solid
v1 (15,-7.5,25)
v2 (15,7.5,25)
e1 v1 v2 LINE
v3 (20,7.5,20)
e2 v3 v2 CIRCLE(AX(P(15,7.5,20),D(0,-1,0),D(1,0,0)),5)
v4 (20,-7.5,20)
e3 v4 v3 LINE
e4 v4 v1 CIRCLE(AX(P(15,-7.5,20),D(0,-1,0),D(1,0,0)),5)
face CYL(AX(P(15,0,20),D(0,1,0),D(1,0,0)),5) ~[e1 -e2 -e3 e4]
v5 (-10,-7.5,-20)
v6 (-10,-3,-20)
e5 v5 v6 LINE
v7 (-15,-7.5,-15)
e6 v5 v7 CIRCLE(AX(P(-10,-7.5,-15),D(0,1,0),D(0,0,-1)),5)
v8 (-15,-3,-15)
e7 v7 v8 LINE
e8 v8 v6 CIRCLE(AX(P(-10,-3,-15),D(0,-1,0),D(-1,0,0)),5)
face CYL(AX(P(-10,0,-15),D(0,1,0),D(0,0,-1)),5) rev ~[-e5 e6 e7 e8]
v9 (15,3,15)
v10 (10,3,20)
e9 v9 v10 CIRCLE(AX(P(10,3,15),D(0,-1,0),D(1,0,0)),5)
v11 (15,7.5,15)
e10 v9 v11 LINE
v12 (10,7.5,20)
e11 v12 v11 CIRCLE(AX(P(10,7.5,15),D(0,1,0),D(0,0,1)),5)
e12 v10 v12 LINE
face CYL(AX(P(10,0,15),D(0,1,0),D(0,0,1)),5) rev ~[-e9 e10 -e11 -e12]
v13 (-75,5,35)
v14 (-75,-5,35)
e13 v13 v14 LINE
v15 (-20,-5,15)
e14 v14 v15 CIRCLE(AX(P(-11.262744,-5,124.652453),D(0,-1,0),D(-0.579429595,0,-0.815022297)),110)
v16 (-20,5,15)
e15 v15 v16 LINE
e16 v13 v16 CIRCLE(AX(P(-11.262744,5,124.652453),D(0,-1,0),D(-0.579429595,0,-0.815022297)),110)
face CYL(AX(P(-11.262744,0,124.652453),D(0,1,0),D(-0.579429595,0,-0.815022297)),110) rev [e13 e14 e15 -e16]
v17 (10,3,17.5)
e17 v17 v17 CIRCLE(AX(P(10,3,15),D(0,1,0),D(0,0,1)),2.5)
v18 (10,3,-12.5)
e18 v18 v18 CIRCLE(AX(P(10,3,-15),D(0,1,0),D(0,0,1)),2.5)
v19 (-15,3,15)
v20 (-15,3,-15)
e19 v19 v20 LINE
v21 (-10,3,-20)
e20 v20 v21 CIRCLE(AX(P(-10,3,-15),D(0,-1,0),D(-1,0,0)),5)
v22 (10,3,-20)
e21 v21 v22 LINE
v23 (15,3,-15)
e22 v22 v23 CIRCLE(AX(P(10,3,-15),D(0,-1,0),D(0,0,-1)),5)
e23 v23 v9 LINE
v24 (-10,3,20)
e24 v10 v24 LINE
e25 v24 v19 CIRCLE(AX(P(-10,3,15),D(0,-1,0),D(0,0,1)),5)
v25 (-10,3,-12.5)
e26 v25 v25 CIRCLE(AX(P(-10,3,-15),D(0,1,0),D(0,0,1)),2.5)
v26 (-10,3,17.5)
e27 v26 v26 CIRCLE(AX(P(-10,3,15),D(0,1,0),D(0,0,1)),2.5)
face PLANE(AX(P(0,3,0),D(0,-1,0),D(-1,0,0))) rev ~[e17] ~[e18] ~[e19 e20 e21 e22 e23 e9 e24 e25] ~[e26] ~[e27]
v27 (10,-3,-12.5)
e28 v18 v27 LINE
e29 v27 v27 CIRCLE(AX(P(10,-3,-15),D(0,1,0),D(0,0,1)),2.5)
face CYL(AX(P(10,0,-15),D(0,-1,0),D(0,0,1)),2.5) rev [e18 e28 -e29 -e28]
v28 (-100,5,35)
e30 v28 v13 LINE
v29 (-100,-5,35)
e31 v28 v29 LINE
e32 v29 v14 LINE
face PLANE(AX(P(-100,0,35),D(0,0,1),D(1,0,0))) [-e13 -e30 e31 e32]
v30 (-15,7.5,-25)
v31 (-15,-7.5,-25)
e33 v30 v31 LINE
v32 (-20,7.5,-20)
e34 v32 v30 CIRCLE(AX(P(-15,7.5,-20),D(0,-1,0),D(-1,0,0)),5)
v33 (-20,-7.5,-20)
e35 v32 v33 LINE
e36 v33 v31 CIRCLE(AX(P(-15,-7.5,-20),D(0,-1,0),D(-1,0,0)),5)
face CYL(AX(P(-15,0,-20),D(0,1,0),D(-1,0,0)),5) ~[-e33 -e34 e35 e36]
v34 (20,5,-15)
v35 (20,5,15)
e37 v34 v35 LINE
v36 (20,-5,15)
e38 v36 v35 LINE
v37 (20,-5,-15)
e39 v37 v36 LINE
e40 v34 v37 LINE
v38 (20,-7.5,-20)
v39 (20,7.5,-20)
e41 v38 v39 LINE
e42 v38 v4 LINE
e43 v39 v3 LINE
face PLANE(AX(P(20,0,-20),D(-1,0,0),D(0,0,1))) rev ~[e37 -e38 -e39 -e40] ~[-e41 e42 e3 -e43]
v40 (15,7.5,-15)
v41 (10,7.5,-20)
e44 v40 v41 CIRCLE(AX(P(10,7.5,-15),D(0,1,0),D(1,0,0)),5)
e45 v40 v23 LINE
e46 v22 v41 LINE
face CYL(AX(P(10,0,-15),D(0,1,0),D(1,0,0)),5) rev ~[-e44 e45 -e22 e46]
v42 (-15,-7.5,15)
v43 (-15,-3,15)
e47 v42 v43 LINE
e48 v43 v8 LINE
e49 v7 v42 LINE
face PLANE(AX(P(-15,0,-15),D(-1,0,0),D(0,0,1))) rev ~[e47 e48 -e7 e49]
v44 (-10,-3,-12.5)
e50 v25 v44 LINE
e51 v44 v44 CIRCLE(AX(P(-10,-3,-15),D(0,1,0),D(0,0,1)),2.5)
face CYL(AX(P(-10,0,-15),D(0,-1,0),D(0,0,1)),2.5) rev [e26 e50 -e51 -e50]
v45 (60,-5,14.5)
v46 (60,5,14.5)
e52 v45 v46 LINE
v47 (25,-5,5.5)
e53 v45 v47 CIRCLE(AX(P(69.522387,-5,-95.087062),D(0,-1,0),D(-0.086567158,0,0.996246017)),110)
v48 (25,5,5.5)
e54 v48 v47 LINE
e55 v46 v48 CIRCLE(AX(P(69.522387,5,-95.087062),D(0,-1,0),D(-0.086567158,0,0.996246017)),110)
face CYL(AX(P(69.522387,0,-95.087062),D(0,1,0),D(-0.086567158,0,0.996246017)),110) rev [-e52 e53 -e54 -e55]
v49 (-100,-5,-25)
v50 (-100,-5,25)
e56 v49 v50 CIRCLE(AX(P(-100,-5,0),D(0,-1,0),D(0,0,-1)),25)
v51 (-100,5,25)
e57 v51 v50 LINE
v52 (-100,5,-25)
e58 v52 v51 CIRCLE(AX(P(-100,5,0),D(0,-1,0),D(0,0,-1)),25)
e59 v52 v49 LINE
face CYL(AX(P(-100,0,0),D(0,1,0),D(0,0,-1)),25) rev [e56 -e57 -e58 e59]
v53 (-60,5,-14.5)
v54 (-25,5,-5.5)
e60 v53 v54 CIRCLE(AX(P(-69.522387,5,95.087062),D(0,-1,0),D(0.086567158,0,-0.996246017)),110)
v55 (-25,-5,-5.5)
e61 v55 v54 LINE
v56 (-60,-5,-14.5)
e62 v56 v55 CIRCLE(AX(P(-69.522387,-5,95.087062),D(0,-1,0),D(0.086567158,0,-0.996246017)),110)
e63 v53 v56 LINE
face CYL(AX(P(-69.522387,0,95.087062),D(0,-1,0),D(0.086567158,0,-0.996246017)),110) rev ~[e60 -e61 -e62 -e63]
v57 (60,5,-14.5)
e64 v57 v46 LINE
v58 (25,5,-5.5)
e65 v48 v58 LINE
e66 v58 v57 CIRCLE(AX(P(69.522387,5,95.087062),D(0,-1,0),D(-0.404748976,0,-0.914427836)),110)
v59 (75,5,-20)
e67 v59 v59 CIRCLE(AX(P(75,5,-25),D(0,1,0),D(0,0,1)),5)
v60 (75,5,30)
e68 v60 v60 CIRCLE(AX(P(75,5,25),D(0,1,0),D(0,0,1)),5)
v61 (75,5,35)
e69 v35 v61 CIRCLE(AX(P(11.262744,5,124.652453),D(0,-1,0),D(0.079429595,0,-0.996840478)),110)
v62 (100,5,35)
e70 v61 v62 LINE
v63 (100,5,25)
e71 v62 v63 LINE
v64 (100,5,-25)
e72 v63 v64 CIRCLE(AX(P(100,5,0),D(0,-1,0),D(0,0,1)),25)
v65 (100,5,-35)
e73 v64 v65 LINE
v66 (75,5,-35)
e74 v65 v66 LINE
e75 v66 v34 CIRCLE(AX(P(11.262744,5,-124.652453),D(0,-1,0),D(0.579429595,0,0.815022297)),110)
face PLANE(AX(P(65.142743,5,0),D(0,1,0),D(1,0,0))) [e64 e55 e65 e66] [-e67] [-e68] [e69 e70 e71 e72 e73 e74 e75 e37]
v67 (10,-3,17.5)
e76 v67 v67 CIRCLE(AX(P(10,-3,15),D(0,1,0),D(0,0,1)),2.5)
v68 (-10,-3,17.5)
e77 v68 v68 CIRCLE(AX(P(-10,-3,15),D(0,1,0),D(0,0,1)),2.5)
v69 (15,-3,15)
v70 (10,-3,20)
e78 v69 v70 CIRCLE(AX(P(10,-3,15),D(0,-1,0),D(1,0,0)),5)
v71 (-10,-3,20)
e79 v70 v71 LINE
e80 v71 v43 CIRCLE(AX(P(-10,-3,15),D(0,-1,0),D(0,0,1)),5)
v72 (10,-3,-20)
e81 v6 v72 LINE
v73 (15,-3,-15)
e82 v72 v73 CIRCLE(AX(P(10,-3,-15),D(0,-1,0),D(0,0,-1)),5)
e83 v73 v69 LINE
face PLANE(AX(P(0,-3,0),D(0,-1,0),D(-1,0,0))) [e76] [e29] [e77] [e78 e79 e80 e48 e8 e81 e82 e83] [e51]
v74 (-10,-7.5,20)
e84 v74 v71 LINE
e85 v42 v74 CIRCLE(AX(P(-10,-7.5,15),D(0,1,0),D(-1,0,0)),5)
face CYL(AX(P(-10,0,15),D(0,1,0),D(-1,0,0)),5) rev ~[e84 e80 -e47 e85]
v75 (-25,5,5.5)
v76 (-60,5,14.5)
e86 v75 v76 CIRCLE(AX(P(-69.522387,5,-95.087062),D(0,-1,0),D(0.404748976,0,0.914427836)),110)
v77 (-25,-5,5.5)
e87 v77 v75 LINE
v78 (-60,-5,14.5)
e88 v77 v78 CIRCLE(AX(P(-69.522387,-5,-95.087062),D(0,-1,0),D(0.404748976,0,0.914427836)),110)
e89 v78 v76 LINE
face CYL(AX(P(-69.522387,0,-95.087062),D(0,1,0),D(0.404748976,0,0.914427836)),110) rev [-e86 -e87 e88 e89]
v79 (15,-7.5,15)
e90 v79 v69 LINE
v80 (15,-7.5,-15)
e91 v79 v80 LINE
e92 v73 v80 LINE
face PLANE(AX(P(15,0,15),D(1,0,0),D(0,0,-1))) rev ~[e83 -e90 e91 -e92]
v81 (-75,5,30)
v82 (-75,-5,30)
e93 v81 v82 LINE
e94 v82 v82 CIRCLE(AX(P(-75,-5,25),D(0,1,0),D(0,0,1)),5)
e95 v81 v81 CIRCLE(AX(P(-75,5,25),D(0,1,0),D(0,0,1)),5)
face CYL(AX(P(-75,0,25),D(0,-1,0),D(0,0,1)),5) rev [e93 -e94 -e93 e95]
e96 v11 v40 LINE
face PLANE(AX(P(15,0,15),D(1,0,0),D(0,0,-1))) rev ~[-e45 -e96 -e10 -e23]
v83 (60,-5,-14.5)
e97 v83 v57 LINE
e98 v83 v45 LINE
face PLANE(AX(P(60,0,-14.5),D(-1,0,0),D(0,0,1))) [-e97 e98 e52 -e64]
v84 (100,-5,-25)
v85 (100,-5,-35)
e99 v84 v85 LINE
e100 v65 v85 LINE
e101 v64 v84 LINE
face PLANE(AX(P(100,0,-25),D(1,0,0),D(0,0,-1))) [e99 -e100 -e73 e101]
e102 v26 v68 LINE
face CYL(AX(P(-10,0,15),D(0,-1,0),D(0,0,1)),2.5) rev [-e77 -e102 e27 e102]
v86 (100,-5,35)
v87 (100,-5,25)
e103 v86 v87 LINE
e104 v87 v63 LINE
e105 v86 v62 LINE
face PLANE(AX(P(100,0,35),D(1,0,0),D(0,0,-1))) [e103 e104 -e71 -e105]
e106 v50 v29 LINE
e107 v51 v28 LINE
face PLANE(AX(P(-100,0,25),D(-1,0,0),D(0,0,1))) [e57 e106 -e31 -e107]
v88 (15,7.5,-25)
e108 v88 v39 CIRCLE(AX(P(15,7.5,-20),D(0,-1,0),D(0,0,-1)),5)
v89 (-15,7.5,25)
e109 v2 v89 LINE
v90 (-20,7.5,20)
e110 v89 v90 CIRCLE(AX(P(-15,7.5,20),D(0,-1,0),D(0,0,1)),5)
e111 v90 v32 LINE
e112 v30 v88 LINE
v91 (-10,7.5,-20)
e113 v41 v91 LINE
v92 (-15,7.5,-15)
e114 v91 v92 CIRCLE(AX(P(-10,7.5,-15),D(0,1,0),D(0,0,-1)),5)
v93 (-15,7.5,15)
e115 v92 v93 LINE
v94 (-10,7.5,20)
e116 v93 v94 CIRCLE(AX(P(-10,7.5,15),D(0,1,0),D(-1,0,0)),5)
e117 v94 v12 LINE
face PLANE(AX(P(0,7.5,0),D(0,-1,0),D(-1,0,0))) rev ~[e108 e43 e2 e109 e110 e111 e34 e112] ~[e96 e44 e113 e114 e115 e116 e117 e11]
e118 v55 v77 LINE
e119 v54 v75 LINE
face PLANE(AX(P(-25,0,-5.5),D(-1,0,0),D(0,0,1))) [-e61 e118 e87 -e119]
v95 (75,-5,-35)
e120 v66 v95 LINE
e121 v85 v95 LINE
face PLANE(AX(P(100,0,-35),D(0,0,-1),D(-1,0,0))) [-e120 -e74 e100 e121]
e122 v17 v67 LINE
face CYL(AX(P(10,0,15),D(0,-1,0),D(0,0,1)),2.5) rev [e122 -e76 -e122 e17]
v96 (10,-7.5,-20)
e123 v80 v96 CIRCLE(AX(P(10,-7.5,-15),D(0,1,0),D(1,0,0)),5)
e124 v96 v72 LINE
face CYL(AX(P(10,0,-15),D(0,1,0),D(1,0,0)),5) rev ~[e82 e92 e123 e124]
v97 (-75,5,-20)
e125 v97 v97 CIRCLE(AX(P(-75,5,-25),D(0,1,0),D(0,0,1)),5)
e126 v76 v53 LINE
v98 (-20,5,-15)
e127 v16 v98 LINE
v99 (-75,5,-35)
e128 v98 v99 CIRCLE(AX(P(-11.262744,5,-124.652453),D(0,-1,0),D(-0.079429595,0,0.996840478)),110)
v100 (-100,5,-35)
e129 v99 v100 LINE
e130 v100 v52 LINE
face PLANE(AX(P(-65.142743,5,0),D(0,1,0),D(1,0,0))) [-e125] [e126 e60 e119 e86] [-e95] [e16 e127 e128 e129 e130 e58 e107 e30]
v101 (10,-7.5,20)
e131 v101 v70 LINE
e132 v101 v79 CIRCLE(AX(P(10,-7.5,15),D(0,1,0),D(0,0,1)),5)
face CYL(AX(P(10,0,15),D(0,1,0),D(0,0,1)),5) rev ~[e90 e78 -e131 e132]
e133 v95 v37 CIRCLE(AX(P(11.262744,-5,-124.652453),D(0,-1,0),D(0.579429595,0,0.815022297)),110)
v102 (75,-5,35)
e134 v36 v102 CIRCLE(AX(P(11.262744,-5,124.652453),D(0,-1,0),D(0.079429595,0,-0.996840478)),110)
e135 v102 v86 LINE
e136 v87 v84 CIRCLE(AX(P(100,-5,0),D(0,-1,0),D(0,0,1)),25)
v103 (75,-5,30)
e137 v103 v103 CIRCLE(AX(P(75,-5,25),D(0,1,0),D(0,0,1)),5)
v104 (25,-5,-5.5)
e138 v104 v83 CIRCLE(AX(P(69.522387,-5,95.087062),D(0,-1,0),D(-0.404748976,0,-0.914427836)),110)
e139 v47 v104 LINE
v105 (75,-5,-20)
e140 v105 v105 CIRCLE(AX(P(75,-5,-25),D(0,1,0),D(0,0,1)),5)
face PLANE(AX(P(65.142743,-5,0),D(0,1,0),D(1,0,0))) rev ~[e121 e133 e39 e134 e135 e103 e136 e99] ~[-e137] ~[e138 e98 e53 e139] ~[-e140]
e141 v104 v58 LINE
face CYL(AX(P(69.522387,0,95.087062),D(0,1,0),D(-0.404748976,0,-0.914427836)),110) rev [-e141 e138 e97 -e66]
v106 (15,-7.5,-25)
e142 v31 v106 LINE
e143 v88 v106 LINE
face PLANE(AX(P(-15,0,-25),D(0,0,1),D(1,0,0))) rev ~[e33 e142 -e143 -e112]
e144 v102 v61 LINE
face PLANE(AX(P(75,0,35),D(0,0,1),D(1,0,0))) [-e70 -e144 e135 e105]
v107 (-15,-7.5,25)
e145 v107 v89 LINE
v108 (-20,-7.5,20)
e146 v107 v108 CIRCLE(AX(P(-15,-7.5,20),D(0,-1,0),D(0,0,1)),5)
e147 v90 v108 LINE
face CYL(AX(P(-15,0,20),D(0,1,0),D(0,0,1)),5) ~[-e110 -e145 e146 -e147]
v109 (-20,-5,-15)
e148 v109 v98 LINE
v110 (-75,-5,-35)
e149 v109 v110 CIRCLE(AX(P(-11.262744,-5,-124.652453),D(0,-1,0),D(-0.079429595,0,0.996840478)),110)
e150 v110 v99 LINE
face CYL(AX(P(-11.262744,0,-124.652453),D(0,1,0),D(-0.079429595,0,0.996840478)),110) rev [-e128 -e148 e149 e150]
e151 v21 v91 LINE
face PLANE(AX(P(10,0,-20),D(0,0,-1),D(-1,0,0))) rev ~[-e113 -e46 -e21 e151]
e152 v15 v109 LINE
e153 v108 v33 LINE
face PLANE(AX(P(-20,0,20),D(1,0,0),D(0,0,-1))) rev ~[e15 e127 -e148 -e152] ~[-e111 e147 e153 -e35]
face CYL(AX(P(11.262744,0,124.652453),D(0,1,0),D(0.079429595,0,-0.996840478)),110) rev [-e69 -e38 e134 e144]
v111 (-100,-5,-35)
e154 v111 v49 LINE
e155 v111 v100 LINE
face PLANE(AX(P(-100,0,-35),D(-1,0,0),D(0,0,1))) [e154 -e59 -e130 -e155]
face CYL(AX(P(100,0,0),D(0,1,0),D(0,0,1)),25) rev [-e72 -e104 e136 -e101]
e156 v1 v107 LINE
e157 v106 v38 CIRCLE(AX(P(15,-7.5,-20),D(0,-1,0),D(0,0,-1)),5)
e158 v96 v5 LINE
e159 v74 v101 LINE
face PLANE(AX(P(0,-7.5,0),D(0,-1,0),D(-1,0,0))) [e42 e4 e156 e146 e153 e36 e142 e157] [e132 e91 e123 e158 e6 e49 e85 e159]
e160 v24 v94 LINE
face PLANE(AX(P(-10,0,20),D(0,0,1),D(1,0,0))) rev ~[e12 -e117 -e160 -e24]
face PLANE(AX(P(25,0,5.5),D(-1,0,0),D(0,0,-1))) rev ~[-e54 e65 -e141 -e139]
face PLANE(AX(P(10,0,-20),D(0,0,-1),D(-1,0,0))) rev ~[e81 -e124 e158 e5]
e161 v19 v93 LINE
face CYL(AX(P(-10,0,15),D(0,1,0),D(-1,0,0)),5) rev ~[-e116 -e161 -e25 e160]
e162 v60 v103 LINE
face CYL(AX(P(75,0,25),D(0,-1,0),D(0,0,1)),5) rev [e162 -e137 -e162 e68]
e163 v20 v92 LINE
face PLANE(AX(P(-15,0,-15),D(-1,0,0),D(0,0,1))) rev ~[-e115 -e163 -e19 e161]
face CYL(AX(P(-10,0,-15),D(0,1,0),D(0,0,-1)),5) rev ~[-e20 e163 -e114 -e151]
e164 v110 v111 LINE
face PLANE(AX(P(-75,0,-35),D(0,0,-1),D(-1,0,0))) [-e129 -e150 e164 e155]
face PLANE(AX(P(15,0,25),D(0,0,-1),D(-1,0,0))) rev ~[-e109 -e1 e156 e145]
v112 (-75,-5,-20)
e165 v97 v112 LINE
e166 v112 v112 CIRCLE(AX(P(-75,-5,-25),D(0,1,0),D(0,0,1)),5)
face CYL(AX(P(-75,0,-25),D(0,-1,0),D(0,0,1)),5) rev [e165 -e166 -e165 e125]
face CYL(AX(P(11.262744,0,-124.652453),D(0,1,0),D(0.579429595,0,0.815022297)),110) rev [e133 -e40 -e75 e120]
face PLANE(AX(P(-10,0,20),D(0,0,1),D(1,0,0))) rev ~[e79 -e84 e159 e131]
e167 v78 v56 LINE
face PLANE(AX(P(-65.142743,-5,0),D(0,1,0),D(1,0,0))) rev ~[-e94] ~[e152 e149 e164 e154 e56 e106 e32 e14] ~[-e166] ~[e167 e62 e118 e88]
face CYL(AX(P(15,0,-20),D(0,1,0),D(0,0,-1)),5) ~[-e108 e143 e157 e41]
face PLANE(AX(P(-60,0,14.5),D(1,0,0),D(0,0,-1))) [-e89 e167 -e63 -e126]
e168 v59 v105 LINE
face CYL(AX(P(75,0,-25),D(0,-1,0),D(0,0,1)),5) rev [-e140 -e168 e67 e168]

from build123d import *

# Parameters (mm, degrees)
SKETCH1_R             = 5
BOSS_EXTRUDE1_DEPTH   = 5
BOSS_EXTRUDE1_2_DEPTH = 5
SKETCH1_3_R           = 2.5
BOSS_EXTRUDE2_DEPTH   = 3
BOSS_EXTRUDE3_DEPTH   = 7.5


with BuildPart() as part:
    # Sketch1 → Boss-Extrude1 (new, symmetric)
    with BuildSketch(Plane(origin=(0, 0, 0), x_dir=(1, 0, 0), z_dir=(0, 1, 0))):
        with BuildLine():
            ThreePointArc((-75, -35), (-48.85448144, -21.27517604), (-20, -15))
            Line((-20, -15), (-20, 15))
            ThreePointArc((-20, 15), (-48.85448144, 21.27517604), (-75, 35))
            Line((-75, 35), (-100, 35))
            Line((-100, 35), (-100, 25))
            ThreePointArc((-100, 25), (-75, 0), (-100, -25))
            Line((-100, -25), (-100, -35))
            Line((-100, -35), (-75, -35))
        make_face()
        with Locations(Location((-75, -25, 0), (0, 0, 270))):
            Circle(SKETCH1_R, mode=Mode.SUBTRACT)
        with BuildLine():
            Line((-60, -14.5), (-60, 14.5))
            ThreePointArc((-60, 14.5), (-42.12787297, 11.447160671), (-25, 5.5))
            Line((-25, 5.5), (-25, -5.5))
            ThreePointArc((-25, -5.5), (-42.12787297, -11.447160671), (-60, -14.5))
        make_face(mode=Mode.SUBTRACT)
        with Locations(Location((-75, 25, 0), (0, 0, 270))):
            Circle(SKETCH1_R, mode=Mode.SUBTRACT)
    extrude(amount=BOSS_EXTRUDE1_DEPTH, both=True)



with BuildPart() as body_2:
    # Sketch1 → Boss-Extrude1 2 (new, symmetric)
    with BuildSketch(Plane(origin=(0, 0, 0), x_dir=(1, 0, 0), z_dir=(0, 1, 0))):
        with BuildLine():
            Line((20, 15), (20, -15))
            ThreePointArc((20, -15), (48.85448144, -21.27517604), (75, -35))
            Line((75, -35), (100, -35))
            Line((100, -35), (100, -25))
            ThreePointArc((100, -25), (75, 0), (100, 25))
            Line((100, 25), (100, 35))
            Line((100, 35), (75, 35))
            ThreePointArc((75, 35), (48.85448144, 21.27517604), (20, 15))
        make_face()
        with Locations(Location((75, -25, 0), (0, 0, 270))):
            Circle(SKETCH1_R, mode=Mode.SUBTRACT)
        with BuildLine():
            ThreePointArc((60, -14.5), (42.12787297, -11.447160671), (25, -5.5))
            Line((25, -5.5), (25, 5.5))
            ThreePointArc((25, 5.5), (42.12787297, 11.447160671), (60, 14.5))
            Line((60, 14.5), (60, -14.5))
        make_face(mode=Mode.SUBTRACT)
        with Locations(Location((75, 25, 0), (0, 0, 270))):
            Circle(SKETCH1_R, mode=Mode.SUBTRACT)
    extrude(amount=BOSS_EXTRUDE1_2_DEPTH, both=True)


with BuildPart() as body_3:
    # Sketch1<3> → Boss-Extrude2 (new, symmetric)
    with BuildSketch(Plane(origin=(0, 0, 0), x_dir=(1, 0, 0), z_dir=(0, 1, 0))):
        with BuildLine():
            Line((15, 15), (15, -15))
            ThreePointArc((15, -15), (13.535533906, -18.535533906), (10, -20))
            Line((10, -20), (-10, -20))
            ThreePointArc((-10, -20), (-13.535533906, -18.535533906), (-15, -15))
            Line((-15, -15), (-15, 15))
            ThreePointArc((-15, 15), (-13.535533906, 18.535533906), (-10, 20))
            Line((-10, 20), (10, 20))
            ThreePointArc((10, 20), (13.535533906, 18.535533906), (15, 15))
        make_face()
        with Locations(Location((10, 15, 0), (0, 0, 270))):
            Circle(SKETCH1_3_R, mode=Mode.SUBTRACT)
        with Locations(Location((-10, 15, 0), (0, 0, 270))):
            Circle(SKETCH1_3_R, mode=Mode.SUBTRACT)
        with Locations(Location((-10, -15, 0), (0, 0, 270))):
            Circle(SKETCH1_3_R, mode=Mode.SUBTRACT)
        with Locations(Location((10, -15, 0), (0, 0, 270))):
            Circle(SKETCH1_3_R, mode=Mode.SUBTRACT)
    extrude(amount=BOSS_EXTRUDE2_DEPTH, both=True)


with BuildPart() as part_1:
    add(part.part)

    add(body_2.part)  # Boss-Extrude3 merges body 2

    add(body_3.part)  # Boss-Extrude3 merges body 3
    # Sketch1<4> → Boss-Extrude3 (add, symmetric)
    with BuildSketch(Plane(origin=(0, 0, 0), x_dir=(1, 0, 0), z_dir=(0, 1, 0))):
        with BuildLine():
            ThreePointArc((-15, -25), (-18.535533906, -23.535533906), (-20, -20))
            Line((-20, -20), (-20, 20))
            ThreePointArc((-20, 20), (-18.535533906, 23.535533906), (-15, 25))
            Line((-15, 25), (15, 25))
            ThreePointArc((15, 25), (18.535533906, 23.535533906), (20, 20))
            Line((20, 20), (20, -20))
            ThreePointArc((20, -20), (18.535533906, -23.535533906), (15, -25))
            Line((15, -25), (-15, -25))
        make_face()
        with BuildLine():
            ThreePointArc((15, 15), (13.535533906, 18.535533906), (10, 20))
            Line((10, 20), (-10, 20))
            ThreePointArc((-10, 20), (-13.535533906, 18.535533906), (-15, 15))
            Line((-15, 15), (-15, -15))
            ThreePointArc((-15, -15), (-13.535533906, -18.535533906), (-10, -20))
            Line((-10, -20), (10, -20))
            ThreePointArc((10, -20), (13.535533906, -18.535533906), (15, -15))
            Line((15, -15), (15, 15))
        make_face(mode=Mode.SUBTRACT)
    extrude(amount=BOSS_EXTRUDE3_DEPTH, both=True)


solid = part_1.part
